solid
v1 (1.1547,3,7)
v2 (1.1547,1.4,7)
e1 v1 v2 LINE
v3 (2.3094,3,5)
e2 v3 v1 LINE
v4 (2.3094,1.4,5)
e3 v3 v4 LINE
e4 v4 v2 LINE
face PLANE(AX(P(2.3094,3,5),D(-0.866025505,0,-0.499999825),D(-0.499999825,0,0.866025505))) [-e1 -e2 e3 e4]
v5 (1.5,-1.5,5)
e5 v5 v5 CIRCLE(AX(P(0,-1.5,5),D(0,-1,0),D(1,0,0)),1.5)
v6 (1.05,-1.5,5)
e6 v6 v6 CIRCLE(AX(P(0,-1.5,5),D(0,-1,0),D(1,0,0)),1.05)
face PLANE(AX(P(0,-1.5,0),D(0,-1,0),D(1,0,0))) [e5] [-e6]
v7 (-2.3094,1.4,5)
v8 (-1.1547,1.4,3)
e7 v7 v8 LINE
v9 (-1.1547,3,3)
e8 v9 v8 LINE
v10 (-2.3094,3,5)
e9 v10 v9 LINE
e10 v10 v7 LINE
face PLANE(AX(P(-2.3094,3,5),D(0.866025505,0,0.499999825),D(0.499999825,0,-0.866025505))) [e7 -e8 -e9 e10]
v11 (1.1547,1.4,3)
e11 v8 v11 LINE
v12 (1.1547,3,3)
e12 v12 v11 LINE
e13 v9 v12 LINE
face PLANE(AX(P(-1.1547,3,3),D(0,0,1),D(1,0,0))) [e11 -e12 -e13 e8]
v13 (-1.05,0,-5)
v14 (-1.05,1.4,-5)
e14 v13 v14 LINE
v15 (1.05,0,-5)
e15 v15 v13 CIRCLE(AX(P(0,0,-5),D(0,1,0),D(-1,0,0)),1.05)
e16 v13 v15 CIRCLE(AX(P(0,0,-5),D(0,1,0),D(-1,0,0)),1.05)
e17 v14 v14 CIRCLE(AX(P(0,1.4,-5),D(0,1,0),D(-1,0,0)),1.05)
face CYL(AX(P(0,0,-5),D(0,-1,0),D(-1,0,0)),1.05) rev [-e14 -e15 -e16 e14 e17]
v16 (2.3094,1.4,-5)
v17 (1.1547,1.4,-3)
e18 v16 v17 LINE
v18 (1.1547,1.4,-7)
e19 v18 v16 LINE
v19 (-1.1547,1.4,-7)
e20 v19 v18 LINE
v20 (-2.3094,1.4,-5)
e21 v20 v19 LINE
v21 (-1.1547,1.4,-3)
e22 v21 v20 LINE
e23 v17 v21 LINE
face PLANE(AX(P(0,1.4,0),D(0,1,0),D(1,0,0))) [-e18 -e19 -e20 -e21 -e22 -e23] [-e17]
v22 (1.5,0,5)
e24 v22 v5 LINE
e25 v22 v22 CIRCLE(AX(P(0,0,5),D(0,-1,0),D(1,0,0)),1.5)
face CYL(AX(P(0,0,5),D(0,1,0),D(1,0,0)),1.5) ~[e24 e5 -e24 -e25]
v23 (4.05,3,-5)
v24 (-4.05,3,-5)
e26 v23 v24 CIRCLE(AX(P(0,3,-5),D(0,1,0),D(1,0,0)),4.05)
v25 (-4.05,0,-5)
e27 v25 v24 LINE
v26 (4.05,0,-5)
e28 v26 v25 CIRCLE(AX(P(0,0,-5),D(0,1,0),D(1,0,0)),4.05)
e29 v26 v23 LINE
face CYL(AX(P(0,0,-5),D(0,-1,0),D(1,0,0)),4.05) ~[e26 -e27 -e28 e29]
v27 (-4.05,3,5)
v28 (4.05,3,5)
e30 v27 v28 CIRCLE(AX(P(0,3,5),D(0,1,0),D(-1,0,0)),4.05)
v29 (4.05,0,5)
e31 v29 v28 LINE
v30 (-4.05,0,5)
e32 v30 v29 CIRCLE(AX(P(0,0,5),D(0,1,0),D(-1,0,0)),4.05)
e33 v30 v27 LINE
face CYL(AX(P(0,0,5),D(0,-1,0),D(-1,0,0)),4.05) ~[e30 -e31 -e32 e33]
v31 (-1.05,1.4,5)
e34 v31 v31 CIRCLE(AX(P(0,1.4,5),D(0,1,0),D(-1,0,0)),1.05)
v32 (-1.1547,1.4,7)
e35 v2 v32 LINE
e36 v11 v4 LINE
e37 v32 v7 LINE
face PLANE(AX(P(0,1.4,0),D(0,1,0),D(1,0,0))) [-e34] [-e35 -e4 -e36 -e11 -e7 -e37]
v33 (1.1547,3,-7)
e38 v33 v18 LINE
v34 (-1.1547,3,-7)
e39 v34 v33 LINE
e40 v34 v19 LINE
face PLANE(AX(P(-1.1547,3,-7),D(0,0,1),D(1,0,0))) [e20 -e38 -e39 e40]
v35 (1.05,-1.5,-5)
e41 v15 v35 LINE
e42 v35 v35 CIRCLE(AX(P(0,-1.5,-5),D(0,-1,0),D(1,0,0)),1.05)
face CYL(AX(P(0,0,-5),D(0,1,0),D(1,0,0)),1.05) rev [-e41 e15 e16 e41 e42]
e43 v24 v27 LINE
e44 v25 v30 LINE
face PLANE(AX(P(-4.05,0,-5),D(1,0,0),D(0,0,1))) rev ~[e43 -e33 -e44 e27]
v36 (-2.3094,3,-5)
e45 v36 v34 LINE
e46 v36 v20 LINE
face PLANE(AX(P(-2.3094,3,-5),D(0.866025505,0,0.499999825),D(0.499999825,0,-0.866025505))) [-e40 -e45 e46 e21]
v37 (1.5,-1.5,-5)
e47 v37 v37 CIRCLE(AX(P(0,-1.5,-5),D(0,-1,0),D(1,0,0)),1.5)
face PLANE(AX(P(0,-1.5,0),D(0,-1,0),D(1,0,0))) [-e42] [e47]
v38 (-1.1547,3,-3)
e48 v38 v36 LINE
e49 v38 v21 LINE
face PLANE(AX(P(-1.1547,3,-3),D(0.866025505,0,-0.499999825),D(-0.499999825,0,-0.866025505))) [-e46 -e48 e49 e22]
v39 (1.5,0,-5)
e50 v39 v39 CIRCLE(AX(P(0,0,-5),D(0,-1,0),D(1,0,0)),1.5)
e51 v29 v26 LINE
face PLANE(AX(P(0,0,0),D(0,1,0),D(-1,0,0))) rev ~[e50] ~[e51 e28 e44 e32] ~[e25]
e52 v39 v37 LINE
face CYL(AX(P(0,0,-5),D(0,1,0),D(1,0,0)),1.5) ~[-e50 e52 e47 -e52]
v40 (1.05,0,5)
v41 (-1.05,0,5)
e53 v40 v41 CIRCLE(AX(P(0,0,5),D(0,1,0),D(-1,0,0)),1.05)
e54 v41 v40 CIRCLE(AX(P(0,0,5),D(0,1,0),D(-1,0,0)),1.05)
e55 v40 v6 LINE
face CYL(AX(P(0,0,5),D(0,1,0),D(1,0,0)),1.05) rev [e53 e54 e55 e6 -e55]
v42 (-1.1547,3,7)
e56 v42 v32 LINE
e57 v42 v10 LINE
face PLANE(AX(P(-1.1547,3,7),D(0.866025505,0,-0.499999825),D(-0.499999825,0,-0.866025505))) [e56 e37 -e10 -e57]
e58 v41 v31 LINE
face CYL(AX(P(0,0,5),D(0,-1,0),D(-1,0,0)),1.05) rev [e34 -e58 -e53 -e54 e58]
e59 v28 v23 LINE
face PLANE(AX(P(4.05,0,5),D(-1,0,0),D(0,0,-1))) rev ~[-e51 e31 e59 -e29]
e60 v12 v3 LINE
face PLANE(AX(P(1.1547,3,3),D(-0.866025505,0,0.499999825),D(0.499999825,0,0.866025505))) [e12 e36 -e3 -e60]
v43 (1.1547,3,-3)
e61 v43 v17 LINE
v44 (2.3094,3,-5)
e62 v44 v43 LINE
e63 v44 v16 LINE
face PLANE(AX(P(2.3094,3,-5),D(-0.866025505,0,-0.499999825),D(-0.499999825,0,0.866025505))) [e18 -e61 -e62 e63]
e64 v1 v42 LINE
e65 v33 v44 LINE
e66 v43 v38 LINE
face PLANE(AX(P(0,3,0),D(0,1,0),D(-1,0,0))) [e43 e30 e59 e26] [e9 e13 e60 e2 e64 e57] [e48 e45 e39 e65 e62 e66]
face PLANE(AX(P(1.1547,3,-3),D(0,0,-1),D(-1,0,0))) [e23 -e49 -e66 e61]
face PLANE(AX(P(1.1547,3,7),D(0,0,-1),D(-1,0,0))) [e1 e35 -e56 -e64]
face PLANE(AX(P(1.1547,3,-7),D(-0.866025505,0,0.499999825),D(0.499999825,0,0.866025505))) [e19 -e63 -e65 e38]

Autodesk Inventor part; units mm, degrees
ref_plane "YZ Plane" through (0, 0, 0) normal (1, 0, 0) x (0, 1, 0)
ref_plane "XZ Plane" through (0, 0, 0) normal (0, 1, 0) x (-1, 0, 0)
ref_plane "XY Plane" through (0, 0, 0) normal (0, 0, 1) x (1, 0, 0)
sketch "Skizze1" plane through (0, 0, 0) normal (0, 1, 0) x (-1, 0, 0)
  circle A0 centre (0, 5) radius 1.05
  circle A1 centre (0, -5) radius 1.05
  line L0 (0, 5) -> (0, -5) construction
  line L1 (0, 5) -> (0, -5) construction
  line L2 (-4.05, 5) -> (-4.05, -5)
  line L3 (4.05, -5) -> (4.05, 5)
  arc A2 (4.05, 5) -> (-4.05, 5) centre (0, 5) ccw
  arc A3 (-4.05, -5) -> (4.05, -5) centre (0, -5) ccw
  point P0 (0, 0)
  point P1 (0, 0)
  point P2 (0, 0)
  dimension "d0" = 2.1
  dimension "d1" = 10
  dimension "d2" = 3
extrude "Extrusion1" add sketch "Skizze1" along normal blind 3
sketch "Skizze2" plane through (0, 3, 0) normal (0, 1, 0) x (1, 0, 0)
  circle A0 centre (0, 5) radius 1.05 projected
  line L0 (2.3094, 5) -> (1.1547, 3)
  line L1 (1.1547, 3) -> (-1.1547, 3)
  line L2 (-1.1547, 3) -> (-2.3094, 5)
  line L3 (-2.3094, 5) -> (-1.1547, 7)
  line L4 (-1.1547, 7) -> (1.1547, 7)
  line L5 (1.1547, 7) -> (2.3094, 5)
  circle A1 centre (0, -5) radius 1.05 projected
  line L6 (1.1547, -3) -> (2.3094, -5)
  line L7 (2.3094, -5) -> (1.1547, -7)
  line L8 (1.1547, -7) -> (-1.1547, -7)
  line L9 (-1.1547, -7) -> (-2.3094, -5)
  line L10 (-2.3094, -5) -> (-1.1547, -3)
  line L11 (-1.1547, -3) -> (1.1547, -3)
  point P0 (0, 0)
  dimension "d5" = 4
extrude "Extrusion2" cut sketch "Skizze2" against normal blind 1.6
sketch "Skizze3" plane through (0, 0, 0) normal (0, -1, 0) x (1, 0, 0)
  circle A0 centre (0, -5) radius 1.05 projected
  circle A1 centre (0, -5) radius 1.5
  circle A2 centre (0, 5) radius 1.05 projected
  circle A3 centre (0, 5) radius 1.5
  point P0 (0, 0)
  dimension "d8" = 3
extrude "Extrusion3" add sketch "Skizze3" along normal blind 1.5
properties part number "_3D-Druck"
